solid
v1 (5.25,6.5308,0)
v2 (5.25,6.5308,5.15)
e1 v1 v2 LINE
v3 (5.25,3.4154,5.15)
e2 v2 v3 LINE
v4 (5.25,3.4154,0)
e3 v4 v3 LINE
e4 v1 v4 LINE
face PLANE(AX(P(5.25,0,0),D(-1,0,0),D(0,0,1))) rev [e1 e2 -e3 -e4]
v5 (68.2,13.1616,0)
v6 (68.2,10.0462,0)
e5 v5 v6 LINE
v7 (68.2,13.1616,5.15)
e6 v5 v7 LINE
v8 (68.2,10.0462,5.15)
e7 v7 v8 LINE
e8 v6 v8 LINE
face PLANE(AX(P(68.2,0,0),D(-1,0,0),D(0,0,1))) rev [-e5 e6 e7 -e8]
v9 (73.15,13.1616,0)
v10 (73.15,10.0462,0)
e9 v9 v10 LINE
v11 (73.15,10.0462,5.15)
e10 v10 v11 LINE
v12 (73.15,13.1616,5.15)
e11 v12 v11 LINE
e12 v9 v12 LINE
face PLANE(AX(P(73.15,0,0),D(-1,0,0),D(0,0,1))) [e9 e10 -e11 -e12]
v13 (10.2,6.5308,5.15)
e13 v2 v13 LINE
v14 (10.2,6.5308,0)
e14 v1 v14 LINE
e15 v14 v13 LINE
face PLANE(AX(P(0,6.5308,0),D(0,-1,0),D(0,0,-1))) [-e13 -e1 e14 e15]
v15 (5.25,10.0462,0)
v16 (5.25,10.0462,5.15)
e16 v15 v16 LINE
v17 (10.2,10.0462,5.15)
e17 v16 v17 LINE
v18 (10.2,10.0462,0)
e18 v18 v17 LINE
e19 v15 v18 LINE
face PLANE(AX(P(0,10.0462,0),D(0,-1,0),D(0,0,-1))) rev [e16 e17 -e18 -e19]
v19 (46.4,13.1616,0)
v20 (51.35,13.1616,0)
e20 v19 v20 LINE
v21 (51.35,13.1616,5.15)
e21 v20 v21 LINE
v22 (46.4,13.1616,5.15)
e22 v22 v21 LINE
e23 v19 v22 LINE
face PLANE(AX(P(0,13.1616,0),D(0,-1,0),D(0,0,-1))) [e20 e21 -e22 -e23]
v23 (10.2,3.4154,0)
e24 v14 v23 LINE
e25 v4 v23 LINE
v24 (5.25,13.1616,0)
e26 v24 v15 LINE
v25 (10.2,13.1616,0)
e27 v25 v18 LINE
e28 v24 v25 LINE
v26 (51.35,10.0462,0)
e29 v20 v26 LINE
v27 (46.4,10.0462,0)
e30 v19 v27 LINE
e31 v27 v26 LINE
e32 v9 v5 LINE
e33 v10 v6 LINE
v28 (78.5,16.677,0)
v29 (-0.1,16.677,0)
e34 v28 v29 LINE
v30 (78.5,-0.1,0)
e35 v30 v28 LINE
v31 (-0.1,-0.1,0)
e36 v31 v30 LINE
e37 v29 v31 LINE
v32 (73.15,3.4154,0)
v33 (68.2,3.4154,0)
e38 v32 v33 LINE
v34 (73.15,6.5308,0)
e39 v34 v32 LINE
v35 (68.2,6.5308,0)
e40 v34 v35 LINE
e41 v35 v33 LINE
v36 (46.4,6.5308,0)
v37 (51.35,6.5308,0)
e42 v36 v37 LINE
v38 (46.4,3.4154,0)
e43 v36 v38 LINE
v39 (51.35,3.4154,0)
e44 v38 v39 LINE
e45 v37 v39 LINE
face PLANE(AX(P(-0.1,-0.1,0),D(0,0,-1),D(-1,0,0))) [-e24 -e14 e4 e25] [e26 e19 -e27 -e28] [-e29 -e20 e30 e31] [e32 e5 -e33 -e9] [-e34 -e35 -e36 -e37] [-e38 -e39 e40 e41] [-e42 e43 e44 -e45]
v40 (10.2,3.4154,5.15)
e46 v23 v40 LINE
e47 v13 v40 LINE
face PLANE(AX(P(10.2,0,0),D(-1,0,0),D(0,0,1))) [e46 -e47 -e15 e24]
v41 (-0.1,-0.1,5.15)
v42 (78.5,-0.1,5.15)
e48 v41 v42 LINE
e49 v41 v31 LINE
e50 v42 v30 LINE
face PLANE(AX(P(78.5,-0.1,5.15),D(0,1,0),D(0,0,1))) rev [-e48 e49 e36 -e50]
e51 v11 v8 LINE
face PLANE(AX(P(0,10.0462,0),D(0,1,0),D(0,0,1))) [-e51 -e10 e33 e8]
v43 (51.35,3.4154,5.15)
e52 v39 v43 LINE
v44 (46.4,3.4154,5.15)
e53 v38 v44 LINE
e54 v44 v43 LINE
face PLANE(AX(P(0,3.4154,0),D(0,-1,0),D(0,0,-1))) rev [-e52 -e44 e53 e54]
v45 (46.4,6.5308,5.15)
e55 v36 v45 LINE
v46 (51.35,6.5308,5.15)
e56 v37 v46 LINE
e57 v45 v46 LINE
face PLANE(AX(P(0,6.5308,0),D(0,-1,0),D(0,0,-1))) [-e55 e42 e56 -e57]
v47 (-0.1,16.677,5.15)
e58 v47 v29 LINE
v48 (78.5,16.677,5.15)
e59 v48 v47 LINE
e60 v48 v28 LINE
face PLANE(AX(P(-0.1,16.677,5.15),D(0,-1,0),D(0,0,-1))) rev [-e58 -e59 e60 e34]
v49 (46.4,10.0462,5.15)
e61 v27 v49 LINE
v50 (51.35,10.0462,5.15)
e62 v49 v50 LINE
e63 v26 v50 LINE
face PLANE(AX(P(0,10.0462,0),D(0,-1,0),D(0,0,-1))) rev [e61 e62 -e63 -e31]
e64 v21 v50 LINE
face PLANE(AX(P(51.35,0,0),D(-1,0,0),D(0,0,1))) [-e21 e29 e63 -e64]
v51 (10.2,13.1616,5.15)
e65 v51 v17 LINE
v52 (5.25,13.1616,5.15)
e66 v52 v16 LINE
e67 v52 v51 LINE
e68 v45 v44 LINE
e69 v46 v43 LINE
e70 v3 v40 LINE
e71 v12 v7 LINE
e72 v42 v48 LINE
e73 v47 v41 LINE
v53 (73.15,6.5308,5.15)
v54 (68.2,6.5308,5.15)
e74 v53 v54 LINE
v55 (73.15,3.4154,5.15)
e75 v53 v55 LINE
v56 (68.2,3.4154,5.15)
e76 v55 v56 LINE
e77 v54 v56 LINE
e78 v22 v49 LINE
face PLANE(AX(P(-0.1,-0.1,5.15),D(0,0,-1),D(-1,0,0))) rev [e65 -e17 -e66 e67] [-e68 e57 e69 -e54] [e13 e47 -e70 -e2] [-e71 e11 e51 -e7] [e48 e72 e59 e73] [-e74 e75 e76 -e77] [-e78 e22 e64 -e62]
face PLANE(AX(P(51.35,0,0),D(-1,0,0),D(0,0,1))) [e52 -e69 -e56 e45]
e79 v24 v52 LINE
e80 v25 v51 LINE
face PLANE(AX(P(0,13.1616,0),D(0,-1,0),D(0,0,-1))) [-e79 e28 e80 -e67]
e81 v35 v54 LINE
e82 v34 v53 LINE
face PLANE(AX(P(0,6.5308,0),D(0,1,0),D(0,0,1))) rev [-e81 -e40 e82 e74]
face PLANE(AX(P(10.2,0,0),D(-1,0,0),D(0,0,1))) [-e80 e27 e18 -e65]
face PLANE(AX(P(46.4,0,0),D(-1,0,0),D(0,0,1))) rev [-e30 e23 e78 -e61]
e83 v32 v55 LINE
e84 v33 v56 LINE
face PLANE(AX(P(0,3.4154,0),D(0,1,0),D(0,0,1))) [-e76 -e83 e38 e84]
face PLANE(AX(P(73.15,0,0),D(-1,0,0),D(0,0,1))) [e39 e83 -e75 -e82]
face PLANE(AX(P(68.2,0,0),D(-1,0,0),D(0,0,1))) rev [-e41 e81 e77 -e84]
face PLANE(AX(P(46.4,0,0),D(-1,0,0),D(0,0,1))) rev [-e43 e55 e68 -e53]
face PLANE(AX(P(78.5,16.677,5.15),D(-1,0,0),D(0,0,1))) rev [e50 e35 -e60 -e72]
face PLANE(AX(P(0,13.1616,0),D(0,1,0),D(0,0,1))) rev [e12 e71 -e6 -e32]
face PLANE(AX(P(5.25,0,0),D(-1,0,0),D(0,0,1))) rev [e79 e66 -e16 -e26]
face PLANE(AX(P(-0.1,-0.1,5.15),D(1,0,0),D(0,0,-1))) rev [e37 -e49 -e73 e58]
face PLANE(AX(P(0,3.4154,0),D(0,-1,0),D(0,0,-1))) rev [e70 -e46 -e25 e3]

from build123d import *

# Parameters (mm, degrees)
SKETCH1_W           = 78.6
SKETCH1_H           = 16.777
BOSS_EXTRUDE1_DEPTH = 5.15
SKETCH2_W           = 4.95
SKETCH2_H           = 3.1154
CUT_EXTRUDE1_DEPTH  = 6.15


with BuildPart() as part:
    # Sketch1 → Boss-Extrude1 (new body)
    with BuildSketch(Plane.XY):
        with Locations((39.2, 8.2885)):
            Rectangle(SKETCH1_W, SKETCH1_H)
    extrude(amount=BOSS_EXTRUDE1_DEPTH)

    # Sketch2 → Cut-Extrude1 (cut, through all)
    with BuildSketch(Plane.XY.offset(5.15)):
        with Locations((7.725, 11.6039)):
            Rectangle(SKETCH2_W, SKETCH2_H)
        with Locations((7.725, 4.9731)):
            Rectangle(SKETCH2_W, SKETCH2_H)
        with Locations((48.875, 11.6039)):
            Rectangle(SKETCH2_W, SKETCH2_H)
        with Locations((48.875, 4.9731)):
            Rectangle(SKETCH2_W, SKETCH2_H)
        with Locations((70.675, 11.6039)):
            Rectangle(SKETCH2_W, SKETCH2_H)
        with Locations((70.675, 4.9731)):
            Rectangle(SKETCH2_W, SKETCH2_H)
    extrude(amount=-CUT_EXTRUDE1_DEPTH, mode=Mode.SUBTRACT)


solid = part.part
